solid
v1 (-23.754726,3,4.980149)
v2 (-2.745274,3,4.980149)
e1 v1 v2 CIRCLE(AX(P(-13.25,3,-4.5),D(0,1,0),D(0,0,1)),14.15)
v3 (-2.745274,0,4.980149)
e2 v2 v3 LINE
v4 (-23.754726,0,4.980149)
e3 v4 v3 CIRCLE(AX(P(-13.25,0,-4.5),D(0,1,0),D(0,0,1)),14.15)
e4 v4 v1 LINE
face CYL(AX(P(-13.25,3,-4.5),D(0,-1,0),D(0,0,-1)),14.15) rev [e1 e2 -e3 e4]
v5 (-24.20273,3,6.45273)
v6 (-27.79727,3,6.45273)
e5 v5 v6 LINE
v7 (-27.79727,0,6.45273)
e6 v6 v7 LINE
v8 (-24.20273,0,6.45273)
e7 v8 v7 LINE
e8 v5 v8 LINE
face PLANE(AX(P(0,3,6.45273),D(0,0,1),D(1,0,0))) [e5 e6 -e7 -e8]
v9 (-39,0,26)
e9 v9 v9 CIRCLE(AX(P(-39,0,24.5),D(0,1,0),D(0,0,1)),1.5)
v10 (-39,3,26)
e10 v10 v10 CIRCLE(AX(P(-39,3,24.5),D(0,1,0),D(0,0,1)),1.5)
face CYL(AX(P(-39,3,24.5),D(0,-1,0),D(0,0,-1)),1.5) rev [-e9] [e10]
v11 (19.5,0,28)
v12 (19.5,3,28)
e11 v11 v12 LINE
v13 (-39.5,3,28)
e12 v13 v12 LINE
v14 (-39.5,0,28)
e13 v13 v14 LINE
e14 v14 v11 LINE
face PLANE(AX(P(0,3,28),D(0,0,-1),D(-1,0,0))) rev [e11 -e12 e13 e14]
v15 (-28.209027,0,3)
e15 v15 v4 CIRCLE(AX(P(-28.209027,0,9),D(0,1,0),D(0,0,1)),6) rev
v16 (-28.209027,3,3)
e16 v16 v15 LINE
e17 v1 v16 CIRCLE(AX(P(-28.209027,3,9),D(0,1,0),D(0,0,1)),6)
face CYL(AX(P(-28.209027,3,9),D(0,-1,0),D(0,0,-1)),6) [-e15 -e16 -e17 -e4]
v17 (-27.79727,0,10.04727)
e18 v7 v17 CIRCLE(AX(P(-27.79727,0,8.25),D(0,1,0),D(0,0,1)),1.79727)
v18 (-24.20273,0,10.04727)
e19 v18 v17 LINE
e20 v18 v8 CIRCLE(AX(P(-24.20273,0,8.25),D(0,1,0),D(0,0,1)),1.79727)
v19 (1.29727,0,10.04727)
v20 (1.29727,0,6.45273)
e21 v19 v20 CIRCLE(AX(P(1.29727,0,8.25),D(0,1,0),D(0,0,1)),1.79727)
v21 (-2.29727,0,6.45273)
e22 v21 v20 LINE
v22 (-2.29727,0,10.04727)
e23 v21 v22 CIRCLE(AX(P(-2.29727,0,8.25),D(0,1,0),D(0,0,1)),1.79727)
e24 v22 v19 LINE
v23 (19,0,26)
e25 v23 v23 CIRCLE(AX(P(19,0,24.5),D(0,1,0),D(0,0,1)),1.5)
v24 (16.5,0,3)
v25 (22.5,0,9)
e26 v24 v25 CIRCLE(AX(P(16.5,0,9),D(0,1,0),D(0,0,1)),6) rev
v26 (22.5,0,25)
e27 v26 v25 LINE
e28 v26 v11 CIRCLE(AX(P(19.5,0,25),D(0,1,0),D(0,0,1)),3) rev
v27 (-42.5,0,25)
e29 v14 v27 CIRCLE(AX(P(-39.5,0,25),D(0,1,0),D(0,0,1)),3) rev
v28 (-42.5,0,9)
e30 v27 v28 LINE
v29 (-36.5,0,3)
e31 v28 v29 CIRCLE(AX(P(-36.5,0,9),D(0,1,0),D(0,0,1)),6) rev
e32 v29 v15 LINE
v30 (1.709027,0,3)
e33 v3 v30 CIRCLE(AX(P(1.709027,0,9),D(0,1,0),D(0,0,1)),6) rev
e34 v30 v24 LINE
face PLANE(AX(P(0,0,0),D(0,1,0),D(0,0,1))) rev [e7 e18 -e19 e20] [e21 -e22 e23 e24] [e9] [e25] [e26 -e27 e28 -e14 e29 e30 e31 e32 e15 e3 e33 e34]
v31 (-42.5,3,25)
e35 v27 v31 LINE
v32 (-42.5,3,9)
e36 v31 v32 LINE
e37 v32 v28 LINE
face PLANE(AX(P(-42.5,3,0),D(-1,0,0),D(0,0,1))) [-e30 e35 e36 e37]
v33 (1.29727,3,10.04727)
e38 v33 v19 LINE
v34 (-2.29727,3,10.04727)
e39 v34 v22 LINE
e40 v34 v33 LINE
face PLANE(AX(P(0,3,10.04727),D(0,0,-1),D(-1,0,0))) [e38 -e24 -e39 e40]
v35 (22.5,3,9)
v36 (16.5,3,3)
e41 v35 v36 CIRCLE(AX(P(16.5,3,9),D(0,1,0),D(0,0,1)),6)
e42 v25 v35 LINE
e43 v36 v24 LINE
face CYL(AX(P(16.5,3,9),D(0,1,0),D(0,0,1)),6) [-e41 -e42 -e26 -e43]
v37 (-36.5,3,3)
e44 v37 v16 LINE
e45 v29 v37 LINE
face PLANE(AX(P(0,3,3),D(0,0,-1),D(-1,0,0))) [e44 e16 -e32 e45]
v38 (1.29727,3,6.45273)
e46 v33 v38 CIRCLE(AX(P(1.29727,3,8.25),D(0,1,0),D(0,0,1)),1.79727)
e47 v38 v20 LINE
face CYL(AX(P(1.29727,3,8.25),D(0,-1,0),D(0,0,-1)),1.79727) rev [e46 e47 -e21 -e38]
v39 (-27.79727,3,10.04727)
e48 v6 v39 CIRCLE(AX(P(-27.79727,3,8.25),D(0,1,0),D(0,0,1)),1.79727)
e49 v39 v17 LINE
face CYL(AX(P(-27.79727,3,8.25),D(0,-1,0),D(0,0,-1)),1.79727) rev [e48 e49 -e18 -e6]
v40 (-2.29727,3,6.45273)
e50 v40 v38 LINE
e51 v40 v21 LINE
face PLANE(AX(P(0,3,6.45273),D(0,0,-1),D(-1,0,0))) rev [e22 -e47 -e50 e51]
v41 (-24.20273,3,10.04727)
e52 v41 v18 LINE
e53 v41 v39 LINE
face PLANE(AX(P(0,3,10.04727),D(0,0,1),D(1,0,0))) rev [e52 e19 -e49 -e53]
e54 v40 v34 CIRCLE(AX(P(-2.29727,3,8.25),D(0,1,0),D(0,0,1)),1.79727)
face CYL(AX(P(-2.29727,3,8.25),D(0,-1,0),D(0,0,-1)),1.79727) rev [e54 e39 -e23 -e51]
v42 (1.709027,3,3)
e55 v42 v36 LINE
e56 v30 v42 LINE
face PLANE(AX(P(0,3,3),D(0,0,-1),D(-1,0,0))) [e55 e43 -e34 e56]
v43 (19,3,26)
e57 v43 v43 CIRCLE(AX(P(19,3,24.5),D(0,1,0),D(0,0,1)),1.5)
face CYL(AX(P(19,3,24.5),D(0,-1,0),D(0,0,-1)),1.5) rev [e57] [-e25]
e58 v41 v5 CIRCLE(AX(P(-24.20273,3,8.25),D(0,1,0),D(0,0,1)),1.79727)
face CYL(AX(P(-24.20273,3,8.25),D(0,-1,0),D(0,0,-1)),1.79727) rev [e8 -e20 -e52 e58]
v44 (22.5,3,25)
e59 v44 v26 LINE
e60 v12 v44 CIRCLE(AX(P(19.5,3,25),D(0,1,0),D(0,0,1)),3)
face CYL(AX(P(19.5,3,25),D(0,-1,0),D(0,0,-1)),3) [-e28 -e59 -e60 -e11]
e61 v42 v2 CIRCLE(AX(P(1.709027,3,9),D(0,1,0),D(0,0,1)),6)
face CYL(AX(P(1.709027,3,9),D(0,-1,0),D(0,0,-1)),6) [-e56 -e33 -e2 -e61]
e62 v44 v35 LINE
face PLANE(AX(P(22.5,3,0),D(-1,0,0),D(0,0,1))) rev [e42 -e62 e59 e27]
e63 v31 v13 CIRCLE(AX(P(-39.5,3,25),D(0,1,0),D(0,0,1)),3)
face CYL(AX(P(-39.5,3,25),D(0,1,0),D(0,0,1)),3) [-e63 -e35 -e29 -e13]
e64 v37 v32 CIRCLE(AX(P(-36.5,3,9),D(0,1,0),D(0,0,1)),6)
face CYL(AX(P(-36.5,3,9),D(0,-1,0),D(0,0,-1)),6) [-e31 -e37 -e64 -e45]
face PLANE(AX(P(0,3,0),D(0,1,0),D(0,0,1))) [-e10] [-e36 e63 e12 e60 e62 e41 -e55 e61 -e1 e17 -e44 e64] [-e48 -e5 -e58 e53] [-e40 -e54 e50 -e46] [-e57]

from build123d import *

# Parameters (mm, degrees)
SKETCH1_R           = 1.5
BOSS_EXTRUDE1_DEPTH = 3
FILLET1_R           = 3
FILLET2_R           = 6


with BuildPart() as part:
    # Sketch1 → Boss-Extrude1 (new body)
    with BuildSketch(Plane(origin=(0, 0, 0), x_dir=(1, 0, 0), z_dir=(0, 1, 0))):
        with BuildLine():
            Line((-42.5, -3), (-42.5, -28))
            Line((-42.5, -28), (22.5, -28))
            Line((22.5, -28), (22.5, -3))
            Line((22.5, -3), (-1.251145888, -3))
            ThreePointArc((-1.251145888, -3), (-13.25, -9.65), (-25.248854112, -3))
            Line((-25.248854112, -3), (-42.5, -3))
        make_face()
        with Locations((-39, -24.5)):
            Circle(SKETCH1_R, mode=Mode.SUBTRACT)
        with BuildLine():
            ThreePointArc((-24.202730122, -6.452730122), (-22.405460244, -8.25), (-24.202730122, -10.047269878))
            Line((-24.202730122, -10.047269878), (-27.797269878, -10.047269878))
            ThreePointArc((-27.797269878, -10.047269878), (-29.594539756, -8.25), (-27.797269878, -6.452730122))
            Line((-27.797269878, -6.452730122), (-24.202730122, -6.452730122))
        make_face(mode=Mode.SUBTRACT)
        with Locations((19, -24.5)):
            Circle(SKETCH1_R, mode=Mode.SUBTRACT)
        with BuildLine():
            ThreePointArc((-2.297269878, -10.047269878), (-4.094539756, -8.25), (-2.297269878, -6.452730122))
            Line((-2.297269878, -6.452730122), (1.297269878, -6.452730122))
            ThreePointArc((1.297269878, -6.452730122), (3.094539756, -8.25), (1.297269878, -10.047269878))
            Line((1.297269878, -10.047269878), (-2.297269878, -10.047269878))
        make_face(mode=Mode.SUBTRACT)
    extrude(amount=BOSS_EXTRUDE1_DEPTH)

    # Fillet1
    fillet1_edges = [part.edges().sort_by_distance(p)[0] for p in [
        (22.5, 1.5, 28),
        (-42.5, 1.5, 28),
    ]]
    fillet(fillet1_edges, radius=FILLET1_R)

    # Fillet2
    fillet2_edges = [part.edges().sort_by_distance(p)[0] for p in [
        (-1.251145888, 1.5, 3),
        (22.5, 1.5, 3),
        (-42.5, 1.5, 3),
        (-25.248854112, 1.5, 3),
    ]]
    fillet(fillet2_edges, radius=FILLET2_R)


solid = part.part
